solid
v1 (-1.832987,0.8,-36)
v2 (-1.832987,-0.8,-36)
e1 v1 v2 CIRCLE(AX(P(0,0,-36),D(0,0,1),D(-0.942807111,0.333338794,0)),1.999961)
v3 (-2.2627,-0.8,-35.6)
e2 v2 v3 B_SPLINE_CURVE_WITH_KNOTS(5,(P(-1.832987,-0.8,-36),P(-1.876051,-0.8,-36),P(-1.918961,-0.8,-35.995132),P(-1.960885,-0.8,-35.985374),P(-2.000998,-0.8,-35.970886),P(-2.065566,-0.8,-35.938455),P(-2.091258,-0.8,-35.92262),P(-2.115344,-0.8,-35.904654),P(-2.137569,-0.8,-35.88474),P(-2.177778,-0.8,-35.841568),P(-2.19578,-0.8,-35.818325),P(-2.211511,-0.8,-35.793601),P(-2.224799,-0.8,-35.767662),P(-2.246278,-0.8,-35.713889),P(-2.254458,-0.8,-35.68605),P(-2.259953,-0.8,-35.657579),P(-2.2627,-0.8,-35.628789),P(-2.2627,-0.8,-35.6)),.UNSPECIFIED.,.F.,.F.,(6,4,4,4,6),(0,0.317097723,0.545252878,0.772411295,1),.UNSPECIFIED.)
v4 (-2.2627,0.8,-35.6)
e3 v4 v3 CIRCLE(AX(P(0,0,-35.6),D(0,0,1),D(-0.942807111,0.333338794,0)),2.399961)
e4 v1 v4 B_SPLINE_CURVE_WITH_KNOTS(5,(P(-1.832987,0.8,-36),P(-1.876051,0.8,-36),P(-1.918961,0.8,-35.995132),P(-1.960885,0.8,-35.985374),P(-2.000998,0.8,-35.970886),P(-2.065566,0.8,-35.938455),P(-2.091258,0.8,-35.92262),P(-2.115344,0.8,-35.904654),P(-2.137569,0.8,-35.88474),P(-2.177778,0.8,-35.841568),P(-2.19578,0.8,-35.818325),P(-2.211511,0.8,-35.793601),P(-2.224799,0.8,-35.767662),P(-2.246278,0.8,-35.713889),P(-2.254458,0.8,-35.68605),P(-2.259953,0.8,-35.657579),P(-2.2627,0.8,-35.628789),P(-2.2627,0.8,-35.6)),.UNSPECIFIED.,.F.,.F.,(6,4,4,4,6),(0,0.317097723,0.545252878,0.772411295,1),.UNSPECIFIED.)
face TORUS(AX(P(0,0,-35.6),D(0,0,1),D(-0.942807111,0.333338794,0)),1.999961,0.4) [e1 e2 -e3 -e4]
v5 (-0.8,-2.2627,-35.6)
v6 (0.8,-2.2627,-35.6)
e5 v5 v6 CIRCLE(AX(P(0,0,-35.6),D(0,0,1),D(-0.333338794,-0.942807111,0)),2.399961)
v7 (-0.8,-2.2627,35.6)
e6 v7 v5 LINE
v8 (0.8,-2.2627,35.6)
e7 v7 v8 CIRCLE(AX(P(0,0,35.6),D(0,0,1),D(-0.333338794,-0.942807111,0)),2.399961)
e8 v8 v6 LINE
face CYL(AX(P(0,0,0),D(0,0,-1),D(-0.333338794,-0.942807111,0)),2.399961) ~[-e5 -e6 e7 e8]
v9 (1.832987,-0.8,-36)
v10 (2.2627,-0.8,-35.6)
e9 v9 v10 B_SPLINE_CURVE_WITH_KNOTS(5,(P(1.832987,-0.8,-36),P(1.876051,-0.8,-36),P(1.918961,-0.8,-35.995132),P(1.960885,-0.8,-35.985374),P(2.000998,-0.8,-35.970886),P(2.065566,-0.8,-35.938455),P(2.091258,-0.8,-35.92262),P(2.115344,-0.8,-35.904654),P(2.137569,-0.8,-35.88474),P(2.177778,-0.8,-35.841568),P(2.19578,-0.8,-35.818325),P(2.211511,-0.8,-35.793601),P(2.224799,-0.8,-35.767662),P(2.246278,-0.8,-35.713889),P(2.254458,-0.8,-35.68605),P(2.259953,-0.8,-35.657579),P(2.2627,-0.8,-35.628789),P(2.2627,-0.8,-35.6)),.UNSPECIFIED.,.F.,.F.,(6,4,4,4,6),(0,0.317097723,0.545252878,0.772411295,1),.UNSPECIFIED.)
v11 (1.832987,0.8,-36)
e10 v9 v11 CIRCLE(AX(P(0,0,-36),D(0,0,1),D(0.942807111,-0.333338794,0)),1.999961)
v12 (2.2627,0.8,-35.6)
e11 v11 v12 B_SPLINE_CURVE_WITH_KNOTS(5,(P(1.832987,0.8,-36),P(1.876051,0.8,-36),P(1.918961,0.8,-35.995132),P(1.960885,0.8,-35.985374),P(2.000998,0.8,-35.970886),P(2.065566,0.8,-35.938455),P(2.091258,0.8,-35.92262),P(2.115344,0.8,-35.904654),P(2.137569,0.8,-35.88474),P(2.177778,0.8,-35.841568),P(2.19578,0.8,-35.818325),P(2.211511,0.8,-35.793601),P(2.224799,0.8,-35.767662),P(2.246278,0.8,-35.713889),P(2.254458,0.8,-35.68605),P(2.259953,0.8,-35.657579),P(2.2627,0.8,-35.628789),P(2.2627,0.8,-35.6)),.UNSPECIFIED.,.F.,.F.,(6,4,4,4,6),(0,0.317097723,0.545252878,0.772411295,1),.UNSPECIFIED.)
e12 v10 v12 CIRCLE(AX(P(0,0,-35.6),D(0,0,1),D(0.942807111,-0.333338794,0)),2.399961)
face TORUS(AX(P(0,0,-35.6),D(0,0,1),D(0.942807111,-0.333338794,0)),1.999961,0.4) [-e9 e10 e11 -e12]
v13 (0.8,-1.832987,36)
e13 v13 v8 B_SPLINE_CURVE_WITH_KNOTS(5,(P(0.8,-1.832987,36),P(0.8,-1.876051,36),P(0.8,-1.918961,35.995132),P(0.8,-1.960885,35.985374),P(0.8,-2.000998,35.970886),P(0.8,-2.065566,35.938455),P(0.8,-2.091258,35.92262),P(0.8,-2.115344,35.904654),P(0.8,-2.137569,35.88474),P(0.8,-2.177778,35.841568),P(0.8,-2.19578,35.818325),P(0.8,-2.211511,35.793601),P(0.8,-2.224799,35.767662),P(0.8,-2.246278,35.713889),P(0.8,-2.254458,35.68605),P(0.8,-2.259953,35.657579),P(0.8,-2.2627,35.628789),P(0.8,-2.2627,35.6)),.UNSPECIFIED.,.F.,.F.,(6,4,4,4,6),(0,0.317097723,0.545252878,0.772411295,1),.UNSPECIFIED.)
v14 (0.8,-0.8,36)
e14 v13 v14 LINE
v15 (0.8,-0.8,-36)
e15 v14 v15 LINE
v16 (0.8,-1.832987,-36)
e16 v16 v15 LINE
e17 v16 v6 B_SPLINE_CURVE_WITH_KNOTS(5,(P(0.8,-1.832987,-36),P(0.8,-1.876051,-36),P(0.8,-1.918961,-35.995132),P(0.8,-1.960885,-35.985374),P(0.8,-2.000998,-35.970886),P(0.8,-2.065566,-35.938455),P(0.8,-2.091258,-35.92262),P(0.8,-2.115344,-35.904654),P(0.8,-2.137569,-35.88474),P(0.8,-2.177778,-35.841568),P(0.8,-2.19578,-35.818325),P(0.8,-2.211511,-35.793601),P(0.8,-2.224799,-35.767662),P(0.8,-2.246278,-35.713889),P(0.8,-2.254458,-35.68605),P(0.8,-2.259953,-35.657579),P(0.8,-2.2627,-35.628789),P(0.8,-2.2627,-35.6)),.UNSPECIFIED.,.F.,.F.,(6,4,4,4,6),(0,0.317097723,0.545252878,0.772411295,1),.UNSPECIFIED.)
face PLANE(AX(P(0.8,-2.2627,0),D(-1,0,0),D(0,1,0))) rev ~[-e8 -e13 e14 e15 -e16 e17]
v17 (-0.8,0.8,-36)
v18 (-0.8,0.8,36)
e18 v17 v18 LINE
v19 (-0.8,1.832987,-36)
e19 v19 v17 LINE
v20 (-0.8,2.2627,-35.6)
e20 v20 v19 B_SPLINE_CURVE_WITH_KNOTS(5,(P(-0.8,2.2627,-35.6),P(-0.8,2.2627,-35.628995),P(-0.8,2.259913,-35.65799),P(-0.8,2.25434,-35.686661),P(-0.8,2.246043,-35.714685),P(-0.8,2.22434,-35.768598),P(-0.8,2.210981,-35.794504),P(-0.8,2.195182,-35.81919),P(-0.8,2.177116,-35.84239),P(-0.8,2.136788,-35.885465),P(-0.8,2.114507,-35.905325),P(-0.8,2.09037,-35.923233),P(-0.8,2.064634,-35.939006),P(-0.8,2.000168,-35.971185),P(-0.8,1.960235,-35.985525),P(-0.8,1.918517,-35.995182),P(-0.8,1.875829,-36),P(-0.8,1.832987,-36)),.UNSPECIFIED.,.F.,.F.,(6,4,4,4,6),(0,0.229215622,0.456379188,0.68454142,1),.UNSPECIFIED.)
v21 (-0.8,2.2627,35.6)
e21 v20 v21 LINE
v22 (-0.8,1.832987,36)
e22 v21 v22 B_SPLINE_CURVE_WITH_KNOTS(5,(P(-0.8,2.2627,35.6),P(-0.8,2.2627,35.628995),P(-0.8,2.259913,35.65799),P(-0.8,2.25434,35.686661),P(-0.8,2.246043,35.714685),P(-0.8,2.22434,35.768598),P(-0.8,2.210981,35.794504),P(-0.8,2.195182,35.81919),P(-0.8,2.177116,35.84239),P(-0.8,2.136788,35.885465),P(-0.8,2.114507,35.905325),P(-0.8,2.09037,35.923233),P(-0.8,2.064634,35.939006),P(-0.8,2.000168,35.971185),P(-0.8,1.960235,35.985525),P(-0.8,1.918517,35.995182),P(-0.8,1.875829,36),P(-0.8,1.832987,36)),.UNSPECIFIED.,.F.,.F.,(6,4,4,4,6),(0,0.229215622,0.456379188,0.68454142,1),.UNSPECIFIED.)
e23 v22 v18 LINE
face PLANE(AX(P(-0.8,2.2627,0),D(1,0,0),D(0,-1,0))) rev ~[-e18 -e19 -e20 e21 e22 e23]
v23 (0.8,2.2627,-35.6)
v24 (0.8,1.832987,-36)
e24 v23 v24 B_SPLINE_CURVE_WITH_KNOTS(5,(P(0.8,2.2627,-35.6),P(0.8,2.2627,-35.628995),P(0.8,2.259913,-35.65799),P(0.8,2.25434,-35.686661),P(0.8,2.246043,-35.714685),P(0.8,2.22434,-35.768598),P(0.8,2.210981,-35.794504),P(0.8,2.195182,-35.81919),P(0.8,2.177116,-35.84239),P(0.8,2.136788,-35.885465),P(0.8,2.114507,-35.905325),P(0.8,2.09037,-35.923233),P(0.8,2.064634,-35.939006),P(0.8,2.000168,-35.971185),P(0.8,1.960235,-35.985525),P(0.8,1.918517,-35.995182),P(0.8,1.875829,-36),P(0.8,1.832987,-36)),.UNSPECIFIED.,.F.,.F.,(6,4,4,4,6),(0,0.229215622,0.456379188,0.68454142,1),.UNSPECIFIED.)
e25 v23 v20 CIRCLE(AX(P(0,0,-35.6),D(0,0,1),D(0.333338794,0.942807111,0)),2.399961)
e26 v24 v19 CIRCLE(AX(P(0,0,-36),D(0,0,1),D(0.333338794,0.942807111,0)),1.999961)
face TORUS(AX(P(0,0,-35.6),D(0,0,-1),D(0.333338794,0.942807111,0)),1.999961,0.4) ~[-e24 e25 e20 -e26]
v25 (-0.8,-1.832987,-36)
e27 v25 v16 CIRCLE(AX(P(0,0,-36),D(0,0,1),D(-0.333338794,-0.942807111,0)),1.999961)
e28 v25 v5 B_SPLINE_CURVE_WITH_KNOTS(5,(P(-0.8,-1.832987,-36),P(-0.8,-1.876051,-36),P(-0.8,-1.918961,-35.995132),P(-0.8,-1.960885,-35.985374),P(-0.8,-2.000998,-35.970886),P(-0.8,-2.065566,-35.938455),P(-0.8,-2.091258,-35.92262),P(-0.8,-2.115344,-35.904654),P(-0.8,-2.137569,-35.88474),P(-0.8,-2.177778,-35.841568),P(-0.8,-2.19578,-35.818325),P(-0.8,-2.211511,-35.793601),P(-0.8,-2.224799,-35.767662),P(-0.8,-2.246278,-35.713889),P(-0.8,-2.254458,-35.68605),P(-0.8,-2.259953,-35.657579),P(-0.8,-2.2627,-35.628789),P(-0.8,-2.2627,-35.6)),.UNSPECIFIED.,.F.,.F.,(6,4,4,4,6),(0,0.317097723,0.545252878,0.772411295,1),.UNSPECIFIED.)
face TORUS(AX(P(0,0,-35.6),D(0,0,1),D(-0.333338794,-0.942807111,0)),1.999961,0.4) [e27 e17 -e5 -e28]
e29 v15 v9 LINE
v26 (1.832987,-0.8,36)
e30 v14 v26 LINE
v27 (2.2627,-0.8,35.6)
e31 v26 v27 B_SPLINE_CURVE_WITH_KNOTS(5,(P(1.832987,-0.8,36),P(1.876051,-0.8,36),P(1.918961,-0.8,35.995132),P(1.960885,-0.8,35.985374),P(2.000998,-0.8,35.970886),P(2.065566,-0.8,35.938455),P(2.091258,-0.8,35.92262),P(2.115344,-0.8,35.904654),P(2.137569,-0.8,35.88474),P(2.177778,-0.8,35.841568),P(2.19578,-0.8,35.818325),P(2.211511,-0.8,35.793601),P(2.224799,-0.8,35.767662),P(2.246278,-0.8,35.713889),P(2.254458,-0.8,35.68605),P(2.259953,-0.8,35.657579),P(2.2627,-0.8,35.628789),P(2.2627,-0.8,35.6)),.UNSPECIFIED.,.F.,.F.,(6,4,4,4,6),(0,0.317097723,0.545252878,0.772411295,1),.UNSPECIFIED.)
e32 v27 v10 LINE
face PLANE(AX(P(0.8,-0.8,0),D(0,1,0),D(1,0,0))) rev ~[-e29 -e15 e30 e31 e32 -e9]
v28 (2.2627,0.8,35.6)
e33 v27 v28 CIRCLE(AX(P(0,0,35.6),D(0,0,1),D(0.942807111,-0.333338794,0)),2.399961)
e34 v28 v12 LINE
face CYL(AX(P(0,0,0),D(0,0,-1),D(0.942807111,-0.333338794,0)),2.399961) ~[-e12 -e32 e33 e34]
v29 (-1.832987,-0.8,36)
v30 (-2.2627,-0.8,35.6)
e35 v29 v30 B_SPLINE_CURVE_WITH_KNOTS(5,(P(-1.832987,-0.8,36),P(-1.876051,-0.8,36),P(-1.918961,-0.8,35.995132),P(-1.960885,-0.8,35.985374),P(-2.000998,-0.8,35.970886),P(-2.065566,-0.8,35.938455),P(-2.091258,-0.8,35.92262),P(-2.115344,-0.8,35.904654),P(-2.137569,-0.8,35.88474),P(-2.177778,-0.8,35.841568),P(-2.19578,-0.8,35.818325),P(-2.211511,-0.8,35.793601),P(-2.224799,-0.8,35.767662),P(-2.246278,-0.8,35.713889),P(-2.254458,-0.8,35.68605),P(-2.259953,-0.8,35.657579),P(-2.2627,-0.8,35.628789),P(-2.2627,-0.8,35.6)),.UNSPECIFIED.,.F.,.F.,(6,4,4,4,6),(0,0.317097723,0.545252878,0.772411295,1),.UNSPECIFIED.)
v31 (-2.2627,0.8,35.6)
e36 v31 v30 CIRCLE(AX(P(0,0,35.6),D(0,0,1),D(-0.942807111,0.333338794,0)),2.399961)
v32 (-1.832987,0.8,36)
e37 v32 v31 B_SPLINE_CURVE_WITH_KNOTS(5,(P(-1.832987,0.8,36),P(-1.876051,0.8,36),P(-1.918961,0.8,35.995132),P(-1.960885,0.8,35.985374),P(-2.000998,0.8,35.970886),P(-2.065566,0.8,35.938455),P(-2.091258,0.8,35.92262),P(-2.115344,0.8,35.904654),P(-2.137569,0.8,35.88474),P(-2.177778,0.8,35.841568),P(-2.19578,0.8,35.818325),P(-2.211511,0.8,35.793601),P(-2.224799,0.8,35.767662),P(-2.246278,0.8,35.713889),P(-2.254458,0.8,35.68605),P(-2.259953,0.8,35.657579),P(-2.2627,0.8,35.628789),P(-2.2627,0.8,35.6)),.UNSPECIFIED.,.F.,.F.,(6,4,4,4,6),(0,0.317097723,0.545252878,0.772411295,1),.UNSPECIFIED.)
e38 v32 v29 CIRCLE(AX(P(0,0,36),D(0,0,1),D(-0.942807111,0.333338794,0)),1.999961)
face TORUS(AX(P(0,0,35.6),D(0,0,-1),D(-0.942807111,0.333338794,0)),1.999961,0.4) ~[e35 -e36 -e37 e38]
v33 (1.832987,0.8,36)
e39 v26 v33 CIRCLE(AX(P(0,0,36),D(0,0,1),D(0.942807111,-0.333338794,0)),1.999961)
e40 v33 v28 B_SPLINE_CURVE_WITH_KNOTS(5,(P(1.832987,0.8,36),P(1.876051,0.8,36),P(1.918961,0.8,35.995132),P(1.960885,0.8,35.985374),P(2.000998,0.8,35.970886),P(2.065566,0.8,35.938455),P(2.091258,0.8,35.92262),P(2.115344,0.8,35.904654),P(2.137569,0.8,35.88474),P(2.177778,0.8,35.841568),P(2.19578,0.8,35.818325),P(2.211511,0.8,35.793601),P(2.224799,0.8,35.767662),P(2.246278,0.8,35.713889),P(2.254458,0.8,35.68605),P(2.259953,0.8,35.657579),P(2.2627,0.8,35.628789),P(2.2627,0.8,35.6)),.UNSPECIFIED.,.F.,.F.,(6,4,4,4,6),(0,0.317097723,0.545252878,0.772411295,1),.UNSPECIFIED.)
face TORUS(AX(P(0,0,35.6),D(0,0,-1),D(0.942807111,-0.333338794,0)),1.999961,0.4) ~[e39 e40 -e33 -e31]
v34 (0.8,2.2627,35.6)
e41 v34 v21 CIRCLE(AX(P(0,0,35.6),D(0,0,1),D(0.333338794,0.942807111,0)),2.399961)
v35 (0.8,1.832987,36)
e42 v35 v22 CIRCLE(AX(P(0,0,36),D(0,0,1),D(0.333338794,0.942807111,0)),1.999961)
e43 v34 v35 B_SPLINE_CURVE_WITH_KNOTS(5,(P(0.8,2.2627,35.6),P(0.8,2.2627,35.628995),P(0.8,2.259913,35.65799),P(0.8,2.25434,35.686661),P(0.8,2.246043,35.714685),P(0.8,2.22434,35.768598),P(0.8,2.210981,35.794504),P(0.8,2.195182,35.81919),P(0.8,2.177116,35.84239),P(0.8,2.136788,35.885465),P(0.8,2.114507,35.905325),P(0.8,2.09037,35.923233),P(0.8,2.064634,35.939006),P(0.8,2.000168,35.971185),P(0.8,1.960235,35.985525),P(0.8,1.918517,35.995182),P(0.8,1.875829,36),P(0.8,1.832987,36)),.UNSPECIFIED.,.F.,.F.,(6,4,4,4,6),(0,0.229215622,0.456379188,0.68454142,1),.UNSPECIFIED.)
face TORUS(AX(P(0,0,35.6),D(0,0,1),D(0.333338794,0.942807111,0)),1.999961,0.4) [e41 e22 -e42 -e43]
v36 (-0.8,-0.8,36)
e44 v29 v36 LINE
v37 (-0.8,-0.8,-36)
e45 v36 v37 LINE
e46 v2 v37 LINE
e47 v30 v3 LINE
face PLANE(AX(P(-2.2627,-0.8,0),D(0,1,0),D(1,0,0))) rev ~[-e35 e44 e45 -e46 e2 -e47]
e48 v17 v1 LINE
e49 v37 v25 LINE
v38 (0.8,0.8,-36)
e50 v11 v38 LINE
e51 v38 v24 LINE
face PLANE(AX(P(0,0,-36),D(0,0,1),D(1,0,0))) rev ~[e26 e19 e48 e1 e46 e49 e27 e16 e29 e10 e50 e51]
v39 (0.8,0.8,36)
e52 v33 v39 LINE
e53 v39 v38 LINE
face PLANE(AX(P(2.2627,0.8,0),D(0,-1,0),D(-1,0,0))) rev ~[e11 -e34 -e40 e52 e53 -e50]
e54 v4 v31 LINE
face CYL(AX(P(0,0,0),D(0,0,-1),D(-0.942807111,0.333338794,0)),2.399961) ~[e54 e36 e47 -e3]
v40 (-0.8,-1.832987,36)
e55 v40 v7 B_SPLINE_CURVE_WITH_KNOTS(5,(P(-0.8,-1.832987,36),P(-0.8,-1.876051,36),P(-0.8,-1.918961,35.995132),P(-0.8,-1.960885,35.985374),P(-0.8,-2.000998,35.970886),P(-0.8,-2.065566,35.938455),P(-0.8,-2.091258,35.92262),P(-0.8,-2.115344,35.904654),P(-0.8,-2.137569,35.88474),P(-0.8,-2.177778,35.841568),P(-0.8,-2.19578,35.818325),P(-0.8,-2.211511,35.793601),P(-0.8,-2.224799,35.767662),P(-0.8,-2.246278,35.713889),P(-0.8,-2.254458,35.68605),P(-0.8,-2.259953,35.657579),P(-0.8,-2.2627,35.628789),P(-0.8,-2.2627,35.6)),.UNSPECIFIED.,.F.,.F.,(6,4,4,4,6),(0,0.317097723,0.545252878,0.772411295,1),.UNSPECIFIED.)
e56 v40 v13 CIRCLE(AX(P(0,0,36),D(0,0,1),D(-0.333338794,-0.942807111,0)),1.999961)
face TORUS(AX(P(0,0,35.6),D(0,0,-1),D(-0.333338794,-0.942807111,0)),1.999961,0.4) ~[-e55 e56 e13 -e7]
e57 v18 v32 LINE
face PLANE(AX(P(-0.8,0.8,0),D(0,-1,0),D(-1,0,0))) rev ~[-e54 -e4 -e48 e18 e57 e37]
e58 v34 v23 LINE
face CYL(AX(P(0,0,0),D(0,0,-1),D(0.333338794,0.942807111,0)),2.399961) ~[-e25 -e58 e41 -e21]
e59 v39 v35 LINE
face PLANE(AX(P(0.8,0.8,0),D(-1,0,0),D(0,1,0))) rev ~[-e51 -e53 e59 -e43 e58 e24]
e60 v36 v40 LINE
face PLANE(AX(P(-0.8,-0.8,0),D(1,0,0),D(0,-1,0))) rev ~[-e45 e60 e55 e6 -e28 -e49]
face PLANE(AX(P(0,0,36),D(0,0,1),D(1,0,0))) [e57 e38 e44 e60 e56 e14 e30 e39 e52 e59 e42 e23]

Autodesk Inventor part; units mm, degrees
ref_plane "YZ Plane" through (0, 0, 0) normal (1, 0, 0) x (0, 1, 0)
ref_plane "XZ Plane" through (0, 0, 0) normal (0, 1, 0) x (-1, 0, 0)
ref_plane "XY Plane" through (0, 0, 0) normal (0, 0, 1) x (1, 0, 0)
sketch "Sketch1" plane through (0, 0, 0) normal (0, 0, 1) x (1, 0, 0)
  circle A0 centre (0, 0) radius 2.4 construction
  line L0 (-0.8, 2.2627) -> (-0.8, 0.8)
  line L1 (-0.8, 0.8) -> (-2.2627, 0.8)
  line L2 (-2.2627, -0.8) -> (-0.8, -0.8)
  line L3 (-0.8, -0.8) -> (-0.8, -2.2627)
  line L4 (0.8, -2.2627) -> (0.8, -0.8)
  line L5 (0.8, -0.8) -> (2.2627, -0.8)
  line L6 (2.2627, 0.8) -> (0.8, 0.8)
  line L7 (0.8, 0.8) -> (0.8, 2.2627)
  arc A1 (0.8, 2.2627) -> (-0.8, 2.2627) centre (0, 0) ccw
  arc A2 (-2.2627, 0.8) -> (-2.2627, -0.8) centre (0, 0) ccw
  arc A3 (-0.8, -2.2627) -> (0.8, -2.2627) centre (0, 0) ccw
  arc A4 (2.2627, -0.8) -> (2.2627, 0.8) centre (0, 0) ccw
  dimension "d0" = 4.8
  dimension "d1" = 1.6
extrude "Extrusion1" add sketch "Sketch1" along normal mid plane 72
fillet "Fillet1" radius 0.4 8 edges at (0, 2.4, 36) (-2.4, 0, 36) (0, -2.4, 36) (2.4, 0, 36) (2.4, 0, -36) (0, 2.4, -36) (-2.4, 0, -36) (0, -2.4, -36)
equation "\"d0\" = kd"
equation "\"d1\" = axlet"
equation "\"d2\" = 9 * lu"
equation "\"d4\" = tf"
equation "\"kd\" = 4.8"
equation "\"axlet\" = 1.6"
equation "\"lu\" = 8"
equation "\"tf\" = 0.4"
properties part number "60485-LtBluishGray" material "ABS Plastic"
